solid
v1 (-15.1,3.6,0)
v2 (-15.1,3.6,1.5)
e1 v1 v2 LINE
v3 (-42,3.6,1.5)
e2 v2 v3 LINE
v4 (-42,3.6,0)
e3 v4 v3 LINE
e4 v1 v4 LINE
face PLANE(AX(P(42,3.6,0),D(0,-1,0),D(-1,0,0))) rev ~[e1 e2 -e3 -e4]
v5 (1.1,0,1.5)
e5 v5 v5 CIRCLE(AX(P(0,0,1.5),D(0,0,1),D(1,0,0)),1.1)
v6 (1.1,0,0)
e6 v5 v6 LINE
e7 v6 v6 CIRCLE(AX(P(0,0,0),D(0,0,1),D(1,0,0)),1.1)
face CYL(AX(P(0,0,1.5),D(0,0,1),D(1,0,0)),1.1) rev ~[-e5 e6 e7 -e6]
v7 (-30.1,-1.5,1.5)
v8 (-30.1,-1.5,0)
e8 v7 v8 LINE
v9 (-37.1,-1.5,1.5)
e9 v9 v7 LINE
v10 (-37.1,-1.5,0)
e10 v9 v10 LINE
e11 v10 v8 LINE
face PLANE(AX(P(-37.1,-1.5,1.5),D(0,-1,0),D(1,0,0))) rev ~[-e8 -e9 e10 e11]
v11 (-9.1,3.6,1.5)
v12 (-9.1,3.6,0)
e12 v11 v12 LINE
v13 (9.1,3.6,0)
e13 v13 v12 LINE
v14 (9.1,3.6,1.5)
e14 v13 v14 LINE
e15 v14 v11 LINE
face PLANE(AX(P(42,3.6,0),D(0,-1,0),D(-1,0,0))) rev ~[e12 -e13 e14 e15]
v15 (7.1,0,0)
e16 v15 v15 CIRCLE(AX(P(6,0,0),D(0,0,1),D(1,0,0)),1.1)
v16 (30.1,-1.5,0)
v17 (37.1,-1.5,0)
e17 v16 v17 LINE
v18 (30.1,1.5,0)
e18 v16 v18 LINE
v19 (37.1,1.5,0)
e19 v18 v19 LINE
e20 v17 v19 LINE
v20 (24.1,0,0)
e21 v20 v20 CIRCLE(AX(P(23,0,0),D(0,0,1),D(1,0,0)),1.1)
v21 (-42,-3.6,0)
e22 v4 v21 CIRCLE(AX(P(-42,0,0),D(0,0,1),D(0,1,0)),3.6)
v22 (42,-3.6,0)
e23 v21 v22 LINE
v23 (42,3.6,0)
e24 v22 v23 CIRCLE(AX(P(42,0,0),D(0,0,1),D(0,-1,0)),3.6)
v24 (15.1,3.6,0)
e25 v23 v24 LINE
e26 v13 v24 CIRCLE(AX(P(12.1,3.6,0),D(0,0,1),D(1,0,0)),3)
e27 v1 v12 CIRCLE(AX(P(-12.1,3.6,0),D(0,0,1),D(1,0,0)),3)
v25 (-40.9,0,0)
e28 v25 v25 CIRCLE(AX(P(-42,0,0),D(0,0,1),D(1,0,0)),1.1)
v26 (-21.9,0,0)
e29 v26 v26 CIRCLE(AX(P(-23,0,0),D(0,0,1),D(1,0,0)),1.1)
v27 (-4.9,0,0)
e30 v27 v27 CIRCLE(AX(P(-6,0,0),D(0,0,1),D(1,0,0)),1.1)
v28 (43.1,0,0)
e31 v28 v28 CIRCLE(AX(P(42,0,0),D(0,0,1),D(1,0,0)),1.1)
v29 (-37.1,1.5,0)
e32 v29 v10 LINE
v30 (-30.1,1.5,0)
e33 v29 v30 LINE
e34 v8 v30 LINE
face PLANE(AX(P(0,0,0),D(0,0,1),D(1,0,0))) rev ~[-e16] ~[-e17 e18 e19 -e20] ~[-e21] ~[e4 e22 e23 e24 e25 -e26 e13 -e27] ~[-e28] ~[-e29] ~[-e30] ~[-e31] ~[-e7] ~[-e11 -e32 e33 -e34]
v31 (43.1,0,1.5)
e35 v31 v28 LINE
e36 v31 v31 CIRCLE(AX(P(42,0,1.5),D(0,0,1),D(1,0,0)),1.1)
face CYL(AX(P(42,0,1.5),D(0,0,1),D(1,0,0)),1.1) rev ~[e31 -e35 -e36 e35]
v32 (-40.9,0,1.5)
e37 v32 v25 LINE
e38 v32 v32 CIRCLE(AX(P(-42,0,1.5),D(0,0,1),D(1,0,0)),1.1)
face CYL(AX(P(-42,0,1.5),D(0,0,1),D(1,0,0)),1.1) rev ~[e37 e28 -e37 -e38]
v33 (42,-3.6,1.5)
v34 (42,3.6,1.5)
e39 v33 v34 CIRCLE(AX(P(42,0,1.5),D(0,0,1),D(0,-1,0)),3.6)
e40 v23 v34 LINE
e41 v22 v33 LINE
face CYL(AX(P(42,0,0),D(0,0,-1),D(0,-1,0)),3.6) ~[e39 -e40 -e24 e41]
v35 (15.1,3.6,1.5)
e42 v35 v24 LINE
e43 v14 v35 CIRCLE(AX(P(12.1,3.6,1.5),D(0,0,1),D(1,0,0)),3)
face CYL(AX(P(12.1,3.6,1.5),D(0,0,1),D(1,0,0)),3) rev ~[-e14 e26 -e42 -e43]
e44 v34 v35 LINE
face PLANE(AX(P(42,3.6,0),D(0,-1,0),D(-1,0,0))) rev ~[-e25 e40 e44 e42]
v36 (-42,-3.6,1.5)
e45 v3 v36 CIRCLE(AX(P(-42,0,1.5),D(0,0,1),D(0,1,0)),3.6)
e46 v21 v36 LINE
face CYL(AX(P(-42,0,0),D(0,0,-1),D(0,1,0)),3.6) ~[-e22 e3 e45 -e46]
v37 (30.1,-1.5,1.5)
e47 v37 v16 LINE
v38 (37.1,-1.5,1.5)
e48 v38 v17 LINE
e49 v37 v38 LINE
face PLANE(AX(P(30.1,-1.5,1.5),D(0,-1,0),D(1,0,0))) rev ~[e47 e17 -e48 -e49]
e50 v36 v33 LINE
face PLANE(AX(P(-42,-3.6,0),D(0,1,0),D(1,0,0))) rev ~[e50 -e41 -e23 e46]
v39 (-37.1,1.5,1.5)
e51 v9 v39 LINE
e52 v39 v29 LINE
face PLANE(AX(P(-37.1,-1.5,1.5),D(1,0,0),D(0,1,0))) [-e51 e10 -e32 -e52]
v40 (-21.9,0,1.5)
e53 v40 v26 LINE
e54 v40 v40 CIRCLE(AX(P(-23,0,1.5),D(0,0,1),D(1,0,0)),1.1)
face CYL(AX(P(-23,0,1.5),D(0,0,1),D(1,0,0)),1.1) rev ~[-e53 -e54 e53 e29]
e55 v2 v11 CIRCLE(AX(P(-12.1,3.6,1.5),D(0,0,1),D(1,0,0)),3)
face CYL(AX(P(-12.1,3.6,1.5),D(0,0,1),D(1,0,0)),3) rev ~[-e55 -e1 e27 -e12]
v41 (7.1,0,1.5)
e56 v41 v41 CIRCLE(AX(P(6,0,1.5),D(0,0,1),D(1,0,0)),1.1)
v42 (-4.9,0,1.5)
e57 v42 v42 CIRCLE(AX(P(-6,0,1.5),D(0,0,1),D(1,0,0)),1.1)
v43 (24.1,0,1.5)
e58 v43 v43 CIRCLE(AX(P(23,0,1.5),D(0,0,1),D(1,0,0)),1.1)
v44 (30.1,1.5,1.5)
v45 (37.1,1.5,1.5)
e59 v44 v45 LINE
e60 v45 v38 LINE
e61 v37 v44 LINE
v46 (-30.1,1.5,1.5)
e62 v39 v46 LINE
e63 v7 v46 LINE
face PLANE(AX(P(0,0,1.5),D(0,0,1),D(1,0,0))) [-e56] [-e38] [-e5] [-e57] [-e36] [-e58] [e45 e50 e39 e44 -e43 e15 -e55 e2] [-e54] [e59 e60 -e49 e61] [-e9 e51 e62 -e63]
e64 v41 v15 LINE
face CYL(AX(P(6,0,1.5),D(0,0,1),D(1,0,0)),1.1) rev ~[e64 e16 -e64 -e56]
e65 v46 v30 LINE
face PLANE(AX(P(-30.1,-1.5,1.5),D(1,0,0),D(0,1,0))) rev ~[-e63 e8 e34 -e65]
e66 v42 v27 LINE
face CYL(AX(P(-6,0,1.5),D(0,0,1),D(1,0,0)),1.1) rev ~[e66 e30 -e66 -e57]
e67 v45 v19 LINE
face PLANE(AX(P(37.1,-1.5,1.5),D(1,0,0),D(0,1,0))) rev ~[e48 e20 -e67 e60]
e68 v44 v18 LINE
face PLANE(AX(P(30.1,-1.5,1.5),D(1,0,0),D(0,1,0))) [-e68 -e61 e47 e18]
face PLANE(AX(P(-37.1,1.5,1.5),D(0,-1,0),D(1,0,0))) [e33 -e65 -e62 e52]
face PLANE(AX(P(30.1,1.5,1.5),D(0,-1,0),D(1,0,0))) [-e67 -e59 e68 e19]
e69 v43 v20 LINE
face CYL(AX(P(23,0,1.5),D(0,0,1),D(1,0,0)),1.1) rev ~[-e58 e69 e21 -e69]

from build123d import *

# Parameters (mm, degrees)
F1_DEPTH = 1.5
F2_R     = 1.1
F3_DEPTH = 1.501
F4_W     = 7
F4_H     = 3
F4_R     = 3
F5_DEPTH = 1.501


with BuildPart() as f1:
    # F0 (on Top) → F1 (new body)
    with BuildSketch(Plane.XY):
        with BuildLine():
            Line((42, 3.6), (-42, 3.6))
            ThreePointArc((-42, 3.6), (-45.6, 0), (-42, -3.6))
            Line((-42, -3.6), (42, -3.6))
            ThreePointArc((42, -3.6), (45.6, 0), (42, 3.6))
        make_face()
    extrude(amount=F1_DEPTH)

    # F2 (on face) → F3 (cut, through all)
    with BuildSketch(Plane.XY.offset(1.5)):
        with Locations((-42, 0)):
            Circle(F2_R)
        with Locations((42, 0)):
            Circle(F2_R)
        Circle(F2_R)
        with Locations((-36, 0)):
            Circle(F2_R)
        with Locations((36, 0)):
            Circle(F2_R)
        with Locations((-23, 0)):
            Circle(F2_R)
        with Locations((23, 0)):
            Circle(F2_R)
        with Locations((-6, 0)):
            Circle(F2_R)
        with Locations((6, 0)):
            Circle(F2_R)
    extrude(amount=-F3_DEPTH, mode=Mode.SUBTRACT)

    # F4 (on face) → F5 (cut, through all)
    with BuildSketch(Plane.XY.offset(1.5)):
        with Locations((-33.6, 0)):
            Rectangle(F4_W, F4_H)
        with Locations((-12.1, 3.6)):
            Circle(F4_R)
        with Locations((33.6, 0)):
            Rectangle(F4_W, F4_H)
        with Locations((12.1, 3.6)):
            Circle(F4_R)
    extrude(amount=-F5_DEPTH, mode=Mode.SUBTRACT)


solid = f1.part
